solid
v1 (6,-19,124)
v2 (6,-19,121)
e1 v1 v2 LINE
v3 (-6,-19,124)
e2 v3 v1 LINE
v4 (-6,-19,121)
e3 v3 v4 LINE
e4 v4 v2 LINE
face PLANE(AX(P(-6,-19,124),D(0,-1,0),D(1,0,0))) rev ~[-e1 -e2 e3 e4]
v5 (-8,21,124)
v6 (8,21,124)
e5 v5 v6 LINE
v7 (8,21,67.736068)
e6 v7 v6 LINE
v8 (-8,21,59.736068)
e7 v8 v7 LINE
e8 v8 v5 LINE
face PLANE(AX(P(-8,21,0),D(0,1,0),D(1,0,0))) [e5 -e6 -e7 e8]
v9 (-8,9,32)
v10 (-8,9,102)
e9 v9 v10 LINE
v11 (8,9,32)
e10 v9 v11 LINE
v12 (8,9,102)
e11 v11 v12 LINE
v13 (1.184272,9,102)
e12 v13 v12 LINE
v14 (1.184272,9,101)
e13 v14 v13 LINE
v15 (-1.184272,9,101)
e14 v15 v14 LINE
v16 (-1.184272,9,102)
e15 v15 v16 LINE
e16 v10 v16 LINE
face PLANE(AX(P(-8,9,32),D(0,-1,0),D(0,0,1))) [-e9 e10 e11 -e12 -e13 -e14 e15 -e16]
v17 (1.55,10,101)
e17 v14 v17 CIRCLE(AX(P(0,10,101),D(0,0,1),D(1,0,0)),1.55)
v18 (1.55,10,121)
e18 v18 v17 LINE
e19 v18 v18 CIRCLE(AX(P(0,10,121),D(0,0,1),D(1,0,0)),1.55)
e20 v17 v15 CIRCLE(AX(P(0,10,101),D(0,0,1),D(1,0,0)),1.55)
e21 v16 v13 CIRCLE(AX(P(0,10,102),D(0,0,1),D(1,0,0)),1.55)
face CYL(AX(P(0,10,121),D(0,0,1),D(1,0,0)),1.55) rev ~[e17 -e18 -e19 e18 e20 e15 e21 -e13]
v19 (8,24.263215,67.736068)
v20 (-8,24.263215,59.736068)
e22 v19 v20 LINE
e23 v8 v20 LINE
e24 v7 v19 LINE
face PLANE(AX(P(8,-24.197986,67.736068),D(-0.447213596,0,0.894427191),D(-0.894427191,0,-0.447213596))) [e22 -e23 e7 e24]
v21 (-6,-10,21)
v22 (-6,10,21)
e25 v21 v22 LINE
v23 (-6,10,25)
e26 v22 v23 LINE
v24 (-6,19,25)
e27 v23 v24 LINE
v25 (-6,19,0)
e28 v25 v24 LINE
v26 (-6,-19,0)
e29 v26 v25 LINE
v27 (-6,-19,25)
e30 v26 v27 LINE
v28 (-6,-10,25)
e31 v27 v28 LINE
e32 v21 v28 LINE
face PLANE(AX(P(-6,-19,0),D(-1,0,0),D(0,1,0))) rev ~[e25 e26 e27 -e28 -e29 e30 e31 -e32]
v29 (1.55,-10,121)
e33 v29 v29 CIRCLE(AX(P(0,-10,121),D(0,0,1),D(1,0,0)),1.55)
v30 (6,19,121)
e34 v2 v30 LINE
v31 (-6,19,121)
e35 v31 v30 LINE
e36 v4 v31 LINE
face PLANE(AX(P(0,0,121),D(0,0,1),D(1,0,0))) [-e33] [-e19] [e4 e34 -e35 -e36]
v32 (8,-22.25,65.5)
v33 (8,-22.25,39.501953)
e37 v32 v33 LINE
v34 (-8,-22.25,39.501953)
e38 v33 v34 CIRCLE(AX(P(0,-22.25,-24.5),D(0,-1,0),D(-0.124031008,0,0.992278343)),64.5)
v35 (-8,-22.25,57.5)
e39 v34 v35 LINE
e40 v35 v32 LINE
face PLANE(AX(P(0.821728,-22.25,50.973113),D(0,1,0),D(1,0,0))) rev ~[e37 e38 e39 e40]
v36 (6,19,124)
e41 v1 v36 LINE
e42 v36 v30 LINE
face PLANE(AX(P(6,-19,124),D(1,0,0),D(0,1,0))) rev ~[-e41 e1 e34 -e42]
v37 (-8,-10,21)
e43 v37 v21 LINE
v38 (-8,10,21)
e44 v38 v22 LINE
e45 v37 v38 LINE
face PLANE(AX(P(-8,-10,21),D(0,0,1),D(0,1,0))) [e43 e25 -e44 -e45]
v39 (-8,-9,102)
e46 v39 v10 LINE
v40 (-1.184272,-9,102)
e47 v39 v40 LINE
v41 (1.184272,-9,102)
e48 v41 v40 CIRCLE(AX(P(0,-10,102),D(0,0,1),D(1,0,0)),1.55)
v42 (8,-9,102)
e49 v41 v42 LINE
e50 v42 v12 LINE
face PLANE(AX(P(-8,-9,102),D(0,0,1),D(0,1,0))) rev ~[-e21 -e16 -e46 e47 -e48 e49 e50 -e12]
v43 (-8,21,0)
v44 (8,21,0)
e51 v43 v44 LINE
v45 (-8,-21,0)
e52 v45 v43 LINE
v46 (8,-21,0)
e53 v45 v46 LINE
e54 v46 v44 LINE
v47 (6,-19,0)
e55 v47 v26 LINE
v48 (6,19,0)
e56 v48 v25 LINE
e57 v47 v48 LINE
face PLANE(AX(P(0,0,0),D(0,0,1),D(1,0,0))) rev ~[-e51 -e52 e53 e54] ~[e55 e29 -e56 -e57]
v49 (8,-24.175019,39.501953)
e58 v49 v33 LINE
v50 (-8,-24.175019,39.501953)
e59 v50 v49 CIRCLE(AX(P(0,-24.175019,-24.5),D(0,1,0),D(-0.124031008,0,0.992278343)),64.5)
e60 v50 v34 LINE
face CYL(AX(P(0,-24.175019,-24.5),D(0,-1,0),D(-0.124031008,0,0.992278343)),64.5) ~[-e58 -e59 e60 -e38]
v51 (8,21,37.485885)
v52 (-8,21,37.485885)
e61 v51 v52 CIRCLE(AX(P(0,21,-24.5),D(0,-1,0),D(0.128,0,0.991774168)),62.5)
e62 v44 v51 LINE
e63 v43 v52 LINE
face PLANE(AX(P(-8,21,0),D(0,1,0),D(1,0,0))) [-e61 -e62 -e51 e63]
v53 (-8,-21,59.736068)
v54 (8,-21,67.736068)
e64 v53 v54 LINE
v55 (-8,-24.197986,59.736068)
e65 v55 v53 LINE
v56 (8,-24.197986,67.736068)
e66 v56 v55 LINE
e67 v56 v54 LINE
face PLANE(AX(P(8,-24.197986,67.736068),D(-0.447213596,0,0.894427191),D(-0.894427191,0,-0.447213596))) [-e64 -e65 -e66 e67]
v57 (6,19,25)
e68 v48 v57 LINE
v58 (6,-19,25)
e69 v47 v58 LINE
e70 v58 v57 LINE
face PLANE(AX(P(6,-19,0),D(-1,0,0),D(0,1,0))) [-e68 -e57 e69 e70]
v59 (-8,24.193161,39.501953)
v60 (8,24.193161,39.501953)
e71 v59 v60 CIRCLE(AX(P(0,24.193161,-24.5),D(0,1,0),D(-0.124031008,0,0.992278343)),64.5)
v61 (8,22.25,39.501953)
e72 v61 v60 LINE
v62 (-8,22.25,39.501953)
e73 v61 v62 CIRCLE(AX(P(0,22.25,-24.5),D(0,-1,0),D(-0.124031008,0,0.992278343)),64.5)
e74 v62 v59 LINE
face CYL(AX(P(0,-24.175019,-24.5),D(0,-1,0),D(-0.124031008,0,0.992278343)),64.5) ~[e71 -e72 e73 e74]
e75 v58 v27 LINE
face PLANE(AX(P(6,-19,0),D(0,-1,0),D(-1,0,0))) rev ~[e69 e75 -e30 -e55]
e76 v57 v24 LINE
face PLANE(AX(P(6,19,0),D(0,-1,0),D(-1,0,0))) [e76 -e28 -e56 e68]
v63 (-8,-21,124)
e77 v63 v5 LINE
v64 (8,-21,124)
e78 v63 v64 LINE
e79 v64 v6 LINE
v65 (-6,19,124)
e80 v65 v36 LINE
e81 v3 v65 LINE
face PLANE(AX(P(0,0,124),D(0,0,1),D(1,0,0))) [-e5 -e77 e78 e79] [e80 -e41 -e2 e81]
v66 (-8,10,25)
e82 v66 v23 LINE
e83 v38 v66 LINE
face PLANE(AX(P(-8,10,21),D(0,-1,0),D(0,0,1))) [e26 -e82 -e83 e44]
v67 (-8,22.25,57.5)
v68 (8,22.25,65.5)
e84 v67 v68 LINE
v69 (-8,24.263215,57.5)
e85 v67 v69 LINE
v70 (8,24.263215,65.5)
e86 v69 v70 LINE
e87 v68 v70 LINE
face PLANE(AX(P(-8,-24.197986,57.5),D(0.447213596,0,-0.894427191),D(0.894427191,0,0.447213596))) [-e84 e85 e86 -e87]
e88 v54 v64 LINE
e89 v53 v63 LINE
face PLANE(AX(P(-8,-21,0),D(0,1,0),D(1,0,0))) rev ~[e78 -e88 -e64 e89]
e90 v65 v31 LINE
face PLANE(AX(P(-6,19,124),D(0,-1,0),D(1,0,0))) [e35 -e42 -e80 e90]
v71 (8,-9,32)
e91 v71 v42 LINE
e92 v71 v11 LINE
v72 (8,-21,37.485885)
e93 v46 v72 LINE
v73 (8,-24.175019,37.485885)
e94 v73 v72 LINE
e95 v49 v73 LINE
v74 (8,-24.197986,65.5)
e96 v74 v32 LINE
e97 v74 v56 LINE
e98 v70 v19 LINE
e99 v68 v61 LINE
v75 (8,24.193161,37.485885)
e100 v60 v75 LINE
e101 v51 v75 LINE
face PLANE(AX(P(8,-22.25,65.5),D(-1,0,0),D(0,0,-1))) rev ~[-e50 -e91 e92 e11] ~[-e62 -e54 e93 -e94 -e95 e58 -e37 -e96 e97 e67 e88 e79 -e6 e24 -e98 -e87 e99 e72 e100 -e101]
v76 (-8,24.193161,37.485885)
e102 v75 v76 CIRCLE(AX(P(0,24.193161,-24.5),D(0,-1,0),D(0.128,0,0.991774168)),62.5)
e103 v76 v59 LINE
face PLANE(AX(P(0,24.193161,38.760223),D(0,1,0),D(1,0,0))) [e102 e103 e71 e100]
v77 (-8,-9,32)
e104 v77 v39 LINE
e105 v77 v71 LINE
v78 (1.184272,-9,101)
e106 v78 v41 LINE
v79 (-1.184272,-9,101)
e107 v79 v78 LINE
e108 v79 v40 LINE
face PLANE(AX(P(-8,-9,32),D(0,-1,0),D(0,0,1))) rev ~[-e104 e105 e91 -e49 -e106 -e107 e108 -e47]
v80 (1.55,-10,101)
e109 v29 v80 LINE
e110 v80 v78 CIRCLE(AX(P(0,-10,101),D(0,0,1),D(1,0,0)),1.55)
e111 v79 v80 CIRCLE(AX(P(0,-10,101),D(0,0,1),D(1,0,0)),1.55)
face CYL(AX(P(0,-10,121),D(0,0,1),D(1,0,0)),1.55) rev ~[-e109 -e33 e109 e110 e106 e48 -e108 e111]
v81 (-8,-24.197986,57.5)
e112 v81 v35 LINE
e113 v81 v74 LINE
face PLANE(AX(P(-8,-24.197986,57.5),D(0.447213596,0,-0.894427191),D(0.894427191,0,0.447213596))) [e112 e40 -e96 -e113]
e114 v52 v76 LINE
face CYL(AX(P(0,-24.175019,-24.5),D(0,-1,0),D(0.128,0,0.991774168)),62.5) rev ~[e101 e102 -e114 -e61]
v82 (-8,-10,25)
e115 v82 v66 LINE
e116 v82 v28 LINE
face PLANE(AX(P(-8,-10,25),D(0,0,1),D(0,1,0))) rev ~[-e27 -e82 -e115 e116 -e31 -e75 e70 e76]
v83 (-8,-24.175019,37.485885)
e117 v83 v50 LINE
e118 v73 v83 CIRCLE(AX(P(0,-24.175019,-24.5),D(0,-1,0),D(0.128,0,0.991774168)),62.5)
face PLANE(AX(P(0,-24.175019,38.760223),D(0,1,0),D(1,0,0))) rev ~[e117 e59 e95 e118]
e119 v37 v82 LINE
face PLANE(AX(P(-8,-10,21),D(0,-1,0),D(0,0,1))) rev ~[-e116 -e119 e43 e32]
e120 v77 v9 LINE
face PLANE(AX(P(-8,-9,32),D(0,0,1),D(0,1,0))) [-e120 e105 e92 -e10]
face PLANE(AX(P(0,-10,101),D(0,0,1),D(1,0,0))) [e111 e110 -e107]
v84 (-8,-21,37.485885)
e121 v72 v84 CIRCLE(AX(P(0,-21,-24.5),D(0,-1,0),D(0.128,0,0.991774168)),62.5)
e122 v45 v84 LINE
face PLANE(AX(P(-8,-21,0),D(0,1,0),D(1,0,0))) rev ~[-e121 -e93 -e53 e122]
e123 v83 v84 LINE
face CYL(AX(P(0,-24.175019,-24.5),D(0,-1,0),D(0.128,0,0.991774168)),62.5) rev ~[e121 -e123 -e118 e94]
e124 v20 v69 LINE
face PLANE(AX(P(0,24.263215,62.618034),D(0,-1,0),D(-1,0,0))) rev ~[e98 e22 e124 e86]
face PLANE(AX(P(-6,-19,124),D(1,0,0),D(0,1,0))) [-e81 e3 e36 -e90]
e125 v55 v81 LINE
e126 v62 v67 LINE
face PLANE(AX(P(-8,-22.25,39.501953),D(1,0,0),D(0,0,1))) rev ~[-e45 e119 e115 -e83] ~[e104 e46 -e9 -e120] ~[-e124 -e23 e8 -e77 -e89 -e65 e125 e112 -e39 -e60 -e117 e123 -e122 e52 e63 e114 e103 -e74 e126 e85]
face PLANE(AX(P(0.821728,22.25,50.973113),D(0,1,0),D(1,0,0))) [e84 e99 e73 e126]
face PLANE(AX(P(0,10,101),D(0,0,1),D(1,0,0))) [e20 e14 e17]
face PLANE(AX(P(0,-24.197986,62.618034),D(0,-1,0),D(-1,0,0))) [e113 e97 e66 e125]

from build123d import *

# Parameters (mm, degrees)
SKETCH_1_W            = 16
SKETCH_1_H            = 42
EXTRUDE_1_DEPTH       = 124
EXTRUDE_4_DEPTH       = 24.193161441
EXTRUDE_4_DEPTH_BACK  = 24.175019218
EXTRUDE_5_DEPTH       = 24.263214739
EXTRUDE_5_DEPTH_BACK  = 24.1979861
SKETCH_7_W            = 12
SKETCH_7_H            = 38
CUT_EXTRUDE_1_DEPTH   = 3
SKETCH_8_W            = 12
SKETCH_8_H            = 38
CUT_EXTRUDE_2_DEPTH   = 25
SKETCH_9_W            = 4
SKETCH_9_H            = 20
CUT_EXTRUDE_3_DEPTH   = 2
SKETCH_10_R           = 1.55
CUT_EXTRUDE_4_DEPTH   = 20
EXTRUDE_10_DEPTH      = 22.25
EXTRUDE_10_DEPTH_BACK = 22.25
SKETCH_13_W           = 70
SKETCH_13_H           = 18
CUT_EXTRUDE_5_DEPTH   = 22.25


with BuildPart() as part:
    # Эскиз1 → Бобышка-Вытянуть1 (new body)
    with BuildSketch(Plane.XY):
        Rectangle(SKETCH_1_W, SKETCH_1_H)
    extrude(amount=EXTRUDE_1_DEPTH)

    # Эскиз5 → Бобышка-Вытянуть4 (add, two sides: drawn at the far end of the back side and taken through both)
    with BuildSketch(Plane(origin=(0, 0, 0), x_dir=(1, 0, 0), z_dir=(0, 1, 0)).offset(-EXTRUDE_4_DEPTH_BACK)):
        with BuildLine():
            Line((-8, -37.48588549), (-8, -39.501953095))
            ThreePointArc((-8, -39.501953095), (0, -40), (8, -39.501953095))
            Line((8, -39.501953095), (8, -37.48588549))
            ThreePointArc((8, -37.48588549), (0, -38), (-8, -37.48588549))
        make_face()
    extrude(amount=EXTRUDE_4_DEPTH + EXTRUDE_4_DEPTH_BACK)

    # Эскиз6 → Бобышка-Вытянуть5 (add, two sides: drawn at the far end of the back side and taken through both)
    with BuildSketch(Plane(origin=(0, 0, 0), x_dir=(1, 0, 0), z_dir=(0, 1, 0)).offset(-EXTRUDE_5_DEPTH_BACK)):
        Polygon((-8, -57.5), (8, -65.5), (8, -67.736067977), (-8, -59.736067977), align=None)
    extrude(amount=EXTRUDE_5_DEPTH + EXTRUDE_5_DEPTH_BACK)

    # Эскиз7 → Вырез-Вытянуть1 (cut)
    with BuildSketch(Plane.XY.offset(124)):
        Rectangle(SKETCH_7_W, SKETCH_7_H)
    extrude(amount=-CUT_EXTRUDE_1_DEPTH, mode=Mode.SUBTRACT)

    # Эскиз8 → Вырез-Вытянуть2 (cut)
    with BuildSketch(Plane(origin=(0, 0, 0), x_dir=(-1, 0, 0), z_dir=(0, 0, -1))):
        Rectangle(SKETCH_8_W, SKETCH_8_H)
    extrude(amount=-CUT_EXTRUDE_2_DEPTH, mode=Mode.SUBTRACT)

    # Эскиз9 → Вырез-Вытянуть3 (cut)
    with BuildSketch(Plane.ZY.offset(8)):
        with Locations((23, 0)):
            Rectangle(SKETCH_9_W, SKETCH_9_H)
    extrude(amount=-CUT_EXTRUDE_3_DEPTH, mode=Mode.SUBTRACT)

    # Эскиз10 → Вырез-Вытянуть4 (cut)
    with BuildSketch(Plane.XY.offset(121)):
        with Locations((0, 10)):
            Circle(SKETCH_10_R)
        with Locations((0, -10)):
            Circle(SKETCH_10_R)
    extrude(amount=-CUT_EXTRUDE_4_DEPTH, mode=Mode.SUBTRACT)

    # Эскиз12 → Бобышка-Вытянуть10 (add, two sides: drawn at the far end of the back side and taken through both)
    with BuildSketch(Plane(origin=(0, 0, 0), x_dir=(1, 0, 0), z_dir=(0, 1, 0)).offset(-EXTRUDE_10_DEPTH_BACK)):
        Polygon((-8, -57.5), (8, -65.5), (8, -47.5019531), (8, -39.501953095), (-8, -39.501953095), align=None)
    extrude(amount=EXTRUDE_10_DEPTH + EXTRUDE_10_DEPTH_BACK)

    # Эскиз13 → Вырез-Вытянуть5 (cut)
    with BuildSketch(Plane.ZY.offset(8)):
        with Locations((67, 0)):
            Rectangle(SKETCH_13_W, SKETCH_13_H)
    extrude(amount=-CUT_EXTRUDE_5_DEPTH, mode=Mode.SUBTRACT)


solid = part.part
